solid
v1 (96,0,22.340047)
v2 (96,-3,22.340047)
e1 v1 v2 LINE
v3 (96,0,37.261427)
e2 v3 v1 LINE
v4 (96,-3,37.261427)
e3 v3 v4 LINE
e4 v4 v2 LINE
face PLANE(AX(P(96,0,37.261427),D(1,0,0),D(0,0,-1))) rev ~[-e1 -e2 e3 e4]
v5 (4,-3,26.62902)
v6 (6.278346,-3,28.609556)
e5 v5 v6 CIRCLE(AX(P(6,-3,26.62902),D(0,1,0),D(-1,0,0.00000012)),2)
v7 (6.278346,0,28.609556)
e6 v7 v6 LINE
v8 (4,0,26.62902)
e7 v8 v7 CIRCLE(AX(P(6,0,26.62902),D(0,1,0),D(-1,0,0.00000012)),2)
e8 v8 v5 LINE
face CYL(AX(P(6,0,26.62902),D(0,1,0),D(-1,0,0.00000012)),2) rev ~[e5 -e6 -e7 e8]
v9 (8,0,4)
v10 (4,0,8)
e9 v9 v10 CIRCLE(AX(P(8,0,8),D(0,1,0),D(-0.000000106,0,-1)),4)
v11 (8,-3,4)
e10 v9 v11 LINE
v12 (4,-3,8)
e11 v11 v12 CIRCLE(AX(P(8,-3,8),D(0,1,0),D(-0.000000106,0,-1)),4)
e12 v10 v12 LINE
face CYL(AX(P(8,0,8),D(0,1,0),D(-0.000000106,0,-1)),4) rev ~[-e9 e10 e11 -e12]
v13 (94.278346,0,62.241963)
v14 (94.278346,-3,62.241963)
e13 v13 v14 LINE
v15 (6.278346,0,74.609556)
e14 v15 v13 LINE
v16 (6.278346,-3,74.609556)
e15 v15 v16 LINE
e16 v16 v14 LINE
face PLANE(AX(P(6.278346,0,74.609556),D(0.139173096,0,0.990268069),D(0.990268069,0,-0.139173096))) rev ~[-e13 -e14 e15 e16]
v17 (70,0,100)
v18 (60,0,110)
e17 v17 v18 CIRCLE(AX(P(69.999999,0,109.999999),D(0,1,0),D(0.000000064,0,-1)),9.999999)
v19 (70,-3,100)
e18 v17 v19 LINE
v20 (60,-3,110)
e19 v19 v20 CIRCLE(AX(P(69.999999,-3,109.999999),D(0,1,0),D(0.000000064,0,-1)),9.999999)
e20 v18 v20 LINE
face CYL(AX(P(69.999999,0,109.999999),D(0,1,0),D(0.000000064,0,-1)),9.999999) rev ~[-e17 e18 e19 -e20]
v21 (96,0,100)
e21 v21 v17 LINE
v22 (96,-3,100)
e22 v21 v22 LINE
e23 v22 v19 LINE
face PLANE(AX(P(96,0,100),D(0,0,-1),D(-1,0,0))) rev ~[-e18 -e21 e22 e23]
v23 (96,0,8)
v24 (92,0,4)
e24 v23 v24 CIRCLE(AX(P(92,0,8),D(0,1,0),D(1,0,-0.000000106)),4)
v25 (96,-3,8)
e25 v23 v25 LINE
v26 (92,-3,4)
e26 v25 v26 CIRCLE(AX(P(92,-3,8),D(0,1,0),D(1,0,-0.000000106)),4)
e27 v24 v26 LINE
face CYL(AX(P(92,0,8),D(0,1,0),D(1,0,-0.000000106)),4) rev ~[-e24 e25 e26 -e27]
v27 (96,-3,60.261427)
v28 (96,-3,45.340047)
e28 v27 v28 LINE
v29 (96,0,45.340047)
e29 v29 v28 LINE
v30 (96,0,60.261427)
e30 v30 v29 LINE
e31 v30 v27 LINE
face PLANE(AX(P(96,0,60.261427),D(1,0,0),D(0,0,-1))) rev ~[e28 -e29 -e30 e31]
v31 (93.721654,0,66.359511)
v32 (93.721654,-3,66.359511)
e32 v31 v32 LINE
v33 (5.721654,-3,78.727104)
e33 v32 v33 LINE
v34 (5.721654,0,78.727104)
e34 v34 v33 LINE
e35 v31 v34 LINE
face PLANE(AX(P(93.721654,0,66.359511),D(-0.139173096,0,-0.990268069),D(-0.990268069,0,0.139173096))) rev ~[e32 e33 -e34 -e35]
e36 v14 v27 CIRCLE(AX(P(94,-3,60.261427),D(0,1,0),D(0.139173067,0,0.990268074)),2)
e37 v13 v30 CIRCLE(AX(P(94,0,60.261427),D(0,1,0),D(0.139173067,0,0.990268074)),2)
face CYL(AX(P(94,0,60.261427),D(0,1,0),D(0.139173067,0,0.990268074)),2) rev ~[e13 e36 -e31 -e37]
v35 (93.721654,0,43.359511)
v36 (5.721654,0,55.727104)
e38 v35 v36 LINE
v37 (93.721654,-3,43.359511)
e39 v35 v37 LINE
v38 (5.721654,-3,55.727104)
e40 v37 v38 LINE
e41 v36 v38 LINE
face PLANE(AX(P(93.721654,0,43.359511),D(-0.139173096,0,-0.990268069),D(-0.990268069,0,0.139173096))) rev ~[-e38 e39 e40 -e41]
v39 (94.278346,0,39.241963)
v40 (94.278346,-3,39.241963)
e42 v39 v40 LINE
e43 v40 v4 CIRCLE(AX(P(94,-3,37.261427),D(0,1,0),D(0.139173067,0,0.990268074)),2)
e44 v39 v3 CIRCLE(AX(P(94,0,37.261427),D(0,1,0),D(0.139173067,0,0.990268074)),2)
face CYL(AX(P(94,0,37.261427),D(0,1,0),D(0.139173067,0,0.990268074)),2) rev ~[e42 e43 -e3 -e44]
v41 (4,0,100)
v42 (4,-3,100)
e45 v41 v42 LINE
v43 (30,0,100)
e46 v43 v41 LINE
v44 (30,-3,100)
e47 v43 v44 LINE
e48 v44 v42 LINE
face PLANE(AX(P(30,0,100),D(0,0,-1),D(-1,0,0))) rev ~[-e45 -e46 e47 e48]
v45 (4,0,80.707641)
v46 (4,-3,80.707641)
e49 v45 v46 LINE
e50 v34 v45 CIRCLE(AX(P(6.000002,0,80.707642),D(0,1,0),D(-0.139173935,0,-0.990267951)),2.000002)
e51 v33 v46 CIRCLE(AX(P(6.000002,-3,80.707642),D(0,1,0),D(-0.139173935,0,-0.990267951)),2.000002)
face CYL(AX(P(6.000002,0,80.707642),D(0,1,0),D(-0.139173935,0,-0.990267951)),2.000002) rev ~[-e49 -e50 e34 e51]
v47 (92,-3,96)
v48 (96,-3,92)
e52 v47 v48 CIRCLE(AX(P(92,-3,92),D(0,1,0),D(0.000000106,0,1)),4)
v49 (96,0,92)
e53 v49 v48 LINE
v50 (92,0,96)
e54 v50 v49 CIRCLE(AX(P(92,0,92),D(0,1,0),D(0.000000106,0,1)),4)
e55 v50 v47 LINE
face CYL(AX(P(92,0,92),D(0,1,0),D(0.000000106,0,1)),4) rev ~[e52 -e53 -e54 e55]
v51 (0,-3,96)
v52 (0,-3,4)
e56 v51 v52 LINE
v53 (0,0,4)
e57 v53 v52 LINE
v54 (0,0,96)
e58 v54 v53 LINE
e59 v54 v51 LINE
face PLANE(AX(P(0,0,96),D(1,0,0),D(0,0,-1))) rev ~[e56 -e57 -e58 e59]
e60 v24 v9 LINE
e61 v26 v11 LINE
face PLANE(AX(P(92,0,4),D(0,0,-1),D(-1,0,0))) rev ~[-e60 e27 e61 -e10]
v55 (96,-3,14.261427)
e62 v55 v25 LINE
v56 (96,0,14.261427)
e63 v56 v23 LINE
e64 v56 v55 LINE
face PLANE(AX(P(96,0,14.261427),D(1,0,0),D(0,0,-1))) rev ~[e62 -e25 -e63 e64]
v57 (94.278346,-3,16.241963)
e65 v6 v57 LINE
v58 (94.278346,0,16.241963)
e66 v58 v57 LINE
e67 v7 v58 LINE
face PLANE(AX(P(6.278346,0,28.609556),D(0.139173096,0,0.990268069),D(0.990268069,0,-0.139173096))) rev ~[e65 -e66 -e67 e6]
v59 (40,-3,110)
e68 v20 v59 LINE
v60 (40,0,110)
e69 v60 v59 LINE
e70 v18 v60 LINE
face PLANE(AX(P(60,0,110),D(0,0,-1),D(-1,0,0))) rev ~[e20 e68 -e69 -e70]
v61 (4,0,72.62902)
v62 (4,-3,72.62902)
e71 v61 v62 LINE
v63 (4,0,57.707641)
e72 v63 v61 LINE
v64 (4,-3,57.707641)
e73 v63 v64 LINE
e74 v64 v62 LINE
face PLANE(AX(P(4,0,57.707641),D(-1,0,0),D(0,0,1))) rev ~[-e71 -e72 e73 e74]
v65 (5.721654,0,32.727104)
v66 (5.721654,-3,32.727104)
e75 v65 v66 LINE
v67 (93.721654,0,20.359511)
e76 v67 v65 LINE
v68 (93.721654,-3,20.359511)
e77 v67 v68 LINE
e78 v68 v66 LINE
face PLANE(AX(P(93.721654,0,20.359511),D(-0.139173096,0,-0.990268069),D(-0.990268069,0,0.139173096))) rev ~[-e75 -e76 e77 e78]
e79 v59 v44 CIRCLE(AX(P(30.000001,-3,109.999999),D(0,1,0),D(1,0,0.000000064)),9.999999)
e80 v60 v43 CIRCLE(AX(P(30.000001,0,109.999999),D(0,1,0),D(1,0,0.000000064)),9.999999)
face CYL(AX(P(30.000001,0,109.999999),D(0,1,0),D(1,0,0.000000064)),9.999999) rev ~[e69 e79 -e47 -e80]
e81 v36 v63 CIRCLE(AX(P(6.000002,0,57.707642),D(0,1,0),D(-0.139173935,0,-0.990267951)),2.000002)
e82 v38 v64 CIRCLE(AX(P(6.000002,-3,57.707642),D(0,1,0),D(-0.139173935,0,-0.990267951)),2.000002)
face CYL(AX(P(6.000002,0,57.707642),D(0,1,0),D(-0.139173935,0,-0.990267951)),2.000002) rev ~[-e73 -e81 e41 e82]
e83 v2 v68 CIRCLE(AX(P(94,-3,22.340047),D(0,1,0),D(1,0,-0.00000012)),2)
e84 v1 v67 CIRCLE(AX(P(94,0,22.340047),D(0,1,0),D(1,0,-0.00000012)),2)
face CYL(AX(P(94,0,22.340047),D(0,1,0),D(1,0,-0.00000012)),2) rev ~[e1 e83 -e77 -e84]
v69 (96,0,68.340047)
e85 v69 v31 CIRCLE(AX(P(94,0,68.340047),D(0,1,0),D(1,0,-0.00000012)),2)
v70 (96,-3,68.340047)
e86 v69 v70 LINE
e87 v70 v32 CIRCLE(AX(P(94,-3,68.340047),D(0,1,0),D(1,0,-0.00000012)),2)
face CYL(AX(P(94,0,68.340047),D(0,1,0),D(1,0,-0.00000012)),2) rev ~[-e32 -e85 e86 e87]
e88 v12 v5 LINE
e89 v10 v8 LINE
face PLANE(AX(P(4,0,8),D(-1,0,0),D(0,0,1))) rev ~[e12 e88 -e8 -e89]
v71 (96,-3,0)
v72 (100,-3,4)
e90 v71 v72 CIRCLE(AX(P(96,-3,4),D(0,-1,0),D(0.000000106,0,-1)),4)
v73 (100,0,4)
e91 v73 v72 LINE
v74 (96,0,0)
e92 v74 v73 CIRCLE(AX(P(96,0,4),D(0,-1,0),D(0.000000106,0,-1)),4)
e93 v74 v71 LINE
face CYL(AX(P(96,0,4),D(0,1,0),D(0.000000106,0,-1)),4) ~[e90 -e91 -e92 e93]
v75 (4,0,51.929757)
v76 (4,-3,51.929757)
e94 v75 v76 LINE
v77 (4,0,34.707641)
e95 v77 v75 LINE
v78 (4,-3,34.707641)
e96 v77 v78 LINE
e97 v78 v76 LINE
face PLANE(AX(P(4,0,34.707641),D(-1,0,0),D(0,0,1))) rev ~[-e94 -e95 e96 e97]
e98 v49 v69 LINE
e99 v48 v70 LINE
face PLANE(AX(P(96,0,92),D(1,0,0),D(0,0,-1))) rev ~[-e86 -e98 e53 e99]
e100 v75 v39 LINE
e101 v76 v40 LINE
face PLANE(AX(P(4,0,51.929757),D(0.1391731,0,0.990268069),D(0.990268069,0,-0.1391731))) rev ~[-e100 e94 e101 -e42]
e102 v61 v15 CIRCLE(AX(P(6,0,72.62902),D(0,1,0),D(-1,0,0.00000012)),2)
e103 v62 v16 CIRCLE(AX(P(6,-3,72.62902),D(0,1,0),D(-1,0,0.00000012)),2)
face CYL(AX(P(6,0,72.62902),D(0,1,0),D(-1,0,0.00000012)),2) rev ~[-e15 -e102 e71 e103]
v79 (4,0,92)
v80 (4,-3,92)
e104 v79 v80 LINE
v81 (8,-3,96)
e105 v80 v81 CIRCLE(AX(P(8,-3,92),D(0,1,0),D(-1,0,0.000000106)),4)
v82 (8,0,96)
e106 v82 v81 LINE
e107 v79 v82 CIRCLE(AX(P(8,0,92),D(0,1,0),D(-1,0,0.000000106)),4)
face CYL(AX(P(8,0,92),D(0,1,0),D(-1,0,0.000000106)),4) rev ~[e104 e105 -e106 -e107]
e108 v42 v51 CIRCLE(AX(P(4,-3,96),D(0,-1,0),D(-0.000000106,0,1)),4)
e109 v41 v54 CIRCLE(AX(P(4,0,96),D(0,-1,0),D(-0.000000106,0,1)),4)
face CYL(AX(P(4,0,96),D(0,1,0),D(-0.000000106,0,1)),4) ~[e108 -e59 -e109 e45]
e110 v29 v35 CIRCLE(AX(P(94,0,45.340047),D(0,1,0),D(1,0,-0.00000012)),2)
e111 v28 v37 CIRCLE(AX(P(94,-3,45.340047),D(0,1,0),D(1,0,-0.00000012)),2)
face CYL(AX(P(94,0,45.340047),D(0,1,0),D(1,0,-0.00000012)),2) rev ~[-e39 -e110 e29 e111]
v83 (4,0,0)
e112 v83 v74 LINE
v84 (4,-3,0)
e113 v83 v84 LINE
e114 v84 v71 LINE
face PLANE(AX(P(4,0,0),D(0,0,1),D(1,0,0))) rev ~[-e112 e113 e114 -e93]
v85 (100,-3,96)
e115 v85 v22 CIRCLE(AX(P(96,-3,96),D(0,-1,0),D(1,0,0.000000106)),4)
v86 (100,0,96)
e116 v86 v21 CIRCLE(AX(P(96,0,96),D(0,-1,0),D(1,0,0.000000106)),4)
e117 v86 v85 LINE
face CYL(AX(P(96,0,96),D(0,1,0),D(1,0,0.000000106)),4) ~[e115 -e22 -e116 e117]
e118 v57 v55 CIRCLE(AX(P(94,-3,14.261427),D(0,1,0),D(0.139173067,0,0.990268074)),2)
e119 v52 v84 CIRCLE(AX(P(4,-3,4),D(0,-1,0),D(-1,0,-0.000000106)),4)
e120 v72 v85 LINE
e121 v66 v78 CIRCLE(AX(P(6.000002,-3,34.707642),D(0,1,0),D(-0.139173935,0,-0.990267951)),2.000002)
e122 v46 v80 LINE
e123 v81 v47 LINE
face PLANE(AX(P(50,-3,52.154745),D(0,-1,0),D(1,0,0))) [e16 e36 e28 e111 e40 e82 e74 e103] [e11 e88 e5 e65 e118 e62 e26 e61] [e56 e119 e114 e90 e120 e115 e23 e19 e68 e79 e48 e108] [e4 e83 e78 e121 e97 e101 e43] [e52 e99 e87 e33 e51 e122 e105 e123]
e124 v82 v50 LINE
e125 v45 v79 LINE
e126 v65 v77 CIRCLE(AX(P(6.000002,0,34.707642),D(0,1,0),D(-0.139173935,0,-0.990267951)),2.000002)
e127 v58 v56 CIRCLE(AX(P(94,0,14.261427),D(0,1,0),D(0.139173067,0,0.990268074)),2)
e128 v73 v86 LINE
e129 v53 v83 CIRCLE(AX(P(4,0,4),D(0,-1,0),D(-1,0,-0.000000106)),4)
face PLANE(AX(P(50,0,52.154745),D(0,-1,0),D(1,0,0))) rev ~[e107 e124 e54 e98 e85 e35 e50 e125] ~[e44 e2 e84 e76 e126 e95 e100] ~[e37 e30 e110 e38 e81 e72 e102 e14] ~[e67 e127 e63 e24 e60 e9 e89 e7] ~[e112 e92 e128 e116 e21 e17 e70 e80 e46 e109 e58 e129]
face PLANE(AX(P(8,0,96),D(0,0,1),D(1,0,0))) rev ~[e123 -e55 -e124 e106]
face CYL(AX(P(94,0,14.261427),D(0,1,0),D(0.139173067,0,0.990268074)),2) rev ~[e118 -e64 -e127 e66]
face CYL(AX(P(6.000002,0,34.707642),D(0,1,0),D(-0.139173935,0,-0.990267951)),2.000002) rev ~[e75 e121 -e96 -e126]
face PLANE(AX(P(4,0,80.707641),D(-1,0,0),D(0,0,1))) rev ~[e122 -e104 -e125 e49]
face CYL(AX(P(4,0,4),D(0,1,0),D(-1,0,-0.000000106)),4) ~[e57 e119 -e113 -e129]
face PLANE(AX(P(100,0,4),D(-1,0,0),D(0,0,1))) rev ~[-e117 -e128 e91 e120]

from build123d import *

# Parameters (mm, degrees)
F1_DEPTH = 3


with BuildPart() as f1:
    # F0 (on Front) → F1 (new body)
    with BuildSketch(Plane.XZ):
        with BuildLine():
            ThreePointArc((0, 4), (1.171573, 1.171573), (4, 0))
            Line((4, 0), (96, 0))
            ThreePointArc((96, 0), (98.828427, 1.171573), (100, 4))
            Line((100, 4), (100, 96))
            ThreePointArc((100, 96), (98.828427, 98.828427), (96, 100))
            Line((96, 100), (70, 100))
            ThreePointArc((70, 100), (62.928932, 102.928932), (60, 110))
            Line((60, 110), (40, 110))
            ThreePointArc((40, 110), (37.071068, 102.928932), (30, 100))
            Line((30, 100), (4, 100))
            ThreePointArc((4, 100), (1.171573, 98.828427), (0, 96))
            Line((0, 96), (0, 4))
        make_face()
        with BuildLine():
            Line((92, 4), (8, 4))
            ThreePointArc((8, 4), (5.171573, 5.171573), (4, 8))
            Line((4, 8), (4, 26.62902))
            ThreePointArc((4, 26.62902), (4.687882, 28.138439), (6.278346, 28.609556))
            Line((6.278346, 28.609556), (94.278346, 16.241963))
            ThreePointArc((94.278346, 16.241963), (95.509419, 15.573545), (96, 14.261427))
            Line((96, 14.261427), (96, 8))
            ThreePointArc((96, 8), (94.828427, 5.171573), (92, 4))
        make_face(mode=Mode.SUBTRACT)
        with BuildLine():
            Line((93.721654, 20.359511), (5.721654, 32.727104))
            ThreePointArc((5.721654, 32.727104), (4.490581, 33.395523), (4, 34.707641))
            Line((4, 34.707641), (4, 51.929757))
            Line((4, 51.929757), (94.278346, 39.241963))
            ThreePointArc((94.278346, 39.241963), (95.509419, 38.573545), (96, 37.261427))
            Line((96, 37.261427), (96, 22.340047))
            ThreePointArc((96, 22.340047), (95.312118, 20.830628), (93.721654, 20.359511))
        make_face(mode=Mode.SUBTRACT)
        with BuildLine():
            Line((93.721654, 43.359511), (5.721654, 55.727104))
            ThreePointArc((5.721654, 55.727104), (4.490581, 56.395523), (4, 57.707641))
            Line((4, 57.707641), (4, 72.62902))
            ThreePointArc((4, 72.62902), (4.687882, 74.138439), (6.278346, 74.609556))
            Line((6.278346, 74.609556), (94.278346, 62.241963))
            ThreePointArc((94.278346, 62.241963), (95.509419, 61.573545), (96, 60.261427))
            Line((96, 60.261427), (96, 45.340047))
            ThreePointArc((96, 45.340047), (95.312118, 43.830628), (93.721654, 43.359511))
        make_face(mode=Mode.SUBTRACT)
        with BuildLine():
            ThreePointArc((4, 92), (5.171573, 94.828427), (8, 96))
            Line((8, 96), (92, 96))
            ThreePointArc((92, 96), (94.828427, 94.828427), (96, 92))
            Line((96, 92), (96, 68.340047))
            ThreePointArc((96, 68.340047), (95.312118, 66.830628), (93.721654, 66.359511))
            Line((93.721654, 66.359511), (5.721654, 78.727104))
            ThreePointArc((5.721654, 78.727104), (4.490581, 79.395523), (4, 80.707641))
            Line((4, 80.707641), (4, 92))
        make_face(mode=Mode.SUBTRACT)
    extrude(amount=F1_DEPTH)


solid = f1.part
